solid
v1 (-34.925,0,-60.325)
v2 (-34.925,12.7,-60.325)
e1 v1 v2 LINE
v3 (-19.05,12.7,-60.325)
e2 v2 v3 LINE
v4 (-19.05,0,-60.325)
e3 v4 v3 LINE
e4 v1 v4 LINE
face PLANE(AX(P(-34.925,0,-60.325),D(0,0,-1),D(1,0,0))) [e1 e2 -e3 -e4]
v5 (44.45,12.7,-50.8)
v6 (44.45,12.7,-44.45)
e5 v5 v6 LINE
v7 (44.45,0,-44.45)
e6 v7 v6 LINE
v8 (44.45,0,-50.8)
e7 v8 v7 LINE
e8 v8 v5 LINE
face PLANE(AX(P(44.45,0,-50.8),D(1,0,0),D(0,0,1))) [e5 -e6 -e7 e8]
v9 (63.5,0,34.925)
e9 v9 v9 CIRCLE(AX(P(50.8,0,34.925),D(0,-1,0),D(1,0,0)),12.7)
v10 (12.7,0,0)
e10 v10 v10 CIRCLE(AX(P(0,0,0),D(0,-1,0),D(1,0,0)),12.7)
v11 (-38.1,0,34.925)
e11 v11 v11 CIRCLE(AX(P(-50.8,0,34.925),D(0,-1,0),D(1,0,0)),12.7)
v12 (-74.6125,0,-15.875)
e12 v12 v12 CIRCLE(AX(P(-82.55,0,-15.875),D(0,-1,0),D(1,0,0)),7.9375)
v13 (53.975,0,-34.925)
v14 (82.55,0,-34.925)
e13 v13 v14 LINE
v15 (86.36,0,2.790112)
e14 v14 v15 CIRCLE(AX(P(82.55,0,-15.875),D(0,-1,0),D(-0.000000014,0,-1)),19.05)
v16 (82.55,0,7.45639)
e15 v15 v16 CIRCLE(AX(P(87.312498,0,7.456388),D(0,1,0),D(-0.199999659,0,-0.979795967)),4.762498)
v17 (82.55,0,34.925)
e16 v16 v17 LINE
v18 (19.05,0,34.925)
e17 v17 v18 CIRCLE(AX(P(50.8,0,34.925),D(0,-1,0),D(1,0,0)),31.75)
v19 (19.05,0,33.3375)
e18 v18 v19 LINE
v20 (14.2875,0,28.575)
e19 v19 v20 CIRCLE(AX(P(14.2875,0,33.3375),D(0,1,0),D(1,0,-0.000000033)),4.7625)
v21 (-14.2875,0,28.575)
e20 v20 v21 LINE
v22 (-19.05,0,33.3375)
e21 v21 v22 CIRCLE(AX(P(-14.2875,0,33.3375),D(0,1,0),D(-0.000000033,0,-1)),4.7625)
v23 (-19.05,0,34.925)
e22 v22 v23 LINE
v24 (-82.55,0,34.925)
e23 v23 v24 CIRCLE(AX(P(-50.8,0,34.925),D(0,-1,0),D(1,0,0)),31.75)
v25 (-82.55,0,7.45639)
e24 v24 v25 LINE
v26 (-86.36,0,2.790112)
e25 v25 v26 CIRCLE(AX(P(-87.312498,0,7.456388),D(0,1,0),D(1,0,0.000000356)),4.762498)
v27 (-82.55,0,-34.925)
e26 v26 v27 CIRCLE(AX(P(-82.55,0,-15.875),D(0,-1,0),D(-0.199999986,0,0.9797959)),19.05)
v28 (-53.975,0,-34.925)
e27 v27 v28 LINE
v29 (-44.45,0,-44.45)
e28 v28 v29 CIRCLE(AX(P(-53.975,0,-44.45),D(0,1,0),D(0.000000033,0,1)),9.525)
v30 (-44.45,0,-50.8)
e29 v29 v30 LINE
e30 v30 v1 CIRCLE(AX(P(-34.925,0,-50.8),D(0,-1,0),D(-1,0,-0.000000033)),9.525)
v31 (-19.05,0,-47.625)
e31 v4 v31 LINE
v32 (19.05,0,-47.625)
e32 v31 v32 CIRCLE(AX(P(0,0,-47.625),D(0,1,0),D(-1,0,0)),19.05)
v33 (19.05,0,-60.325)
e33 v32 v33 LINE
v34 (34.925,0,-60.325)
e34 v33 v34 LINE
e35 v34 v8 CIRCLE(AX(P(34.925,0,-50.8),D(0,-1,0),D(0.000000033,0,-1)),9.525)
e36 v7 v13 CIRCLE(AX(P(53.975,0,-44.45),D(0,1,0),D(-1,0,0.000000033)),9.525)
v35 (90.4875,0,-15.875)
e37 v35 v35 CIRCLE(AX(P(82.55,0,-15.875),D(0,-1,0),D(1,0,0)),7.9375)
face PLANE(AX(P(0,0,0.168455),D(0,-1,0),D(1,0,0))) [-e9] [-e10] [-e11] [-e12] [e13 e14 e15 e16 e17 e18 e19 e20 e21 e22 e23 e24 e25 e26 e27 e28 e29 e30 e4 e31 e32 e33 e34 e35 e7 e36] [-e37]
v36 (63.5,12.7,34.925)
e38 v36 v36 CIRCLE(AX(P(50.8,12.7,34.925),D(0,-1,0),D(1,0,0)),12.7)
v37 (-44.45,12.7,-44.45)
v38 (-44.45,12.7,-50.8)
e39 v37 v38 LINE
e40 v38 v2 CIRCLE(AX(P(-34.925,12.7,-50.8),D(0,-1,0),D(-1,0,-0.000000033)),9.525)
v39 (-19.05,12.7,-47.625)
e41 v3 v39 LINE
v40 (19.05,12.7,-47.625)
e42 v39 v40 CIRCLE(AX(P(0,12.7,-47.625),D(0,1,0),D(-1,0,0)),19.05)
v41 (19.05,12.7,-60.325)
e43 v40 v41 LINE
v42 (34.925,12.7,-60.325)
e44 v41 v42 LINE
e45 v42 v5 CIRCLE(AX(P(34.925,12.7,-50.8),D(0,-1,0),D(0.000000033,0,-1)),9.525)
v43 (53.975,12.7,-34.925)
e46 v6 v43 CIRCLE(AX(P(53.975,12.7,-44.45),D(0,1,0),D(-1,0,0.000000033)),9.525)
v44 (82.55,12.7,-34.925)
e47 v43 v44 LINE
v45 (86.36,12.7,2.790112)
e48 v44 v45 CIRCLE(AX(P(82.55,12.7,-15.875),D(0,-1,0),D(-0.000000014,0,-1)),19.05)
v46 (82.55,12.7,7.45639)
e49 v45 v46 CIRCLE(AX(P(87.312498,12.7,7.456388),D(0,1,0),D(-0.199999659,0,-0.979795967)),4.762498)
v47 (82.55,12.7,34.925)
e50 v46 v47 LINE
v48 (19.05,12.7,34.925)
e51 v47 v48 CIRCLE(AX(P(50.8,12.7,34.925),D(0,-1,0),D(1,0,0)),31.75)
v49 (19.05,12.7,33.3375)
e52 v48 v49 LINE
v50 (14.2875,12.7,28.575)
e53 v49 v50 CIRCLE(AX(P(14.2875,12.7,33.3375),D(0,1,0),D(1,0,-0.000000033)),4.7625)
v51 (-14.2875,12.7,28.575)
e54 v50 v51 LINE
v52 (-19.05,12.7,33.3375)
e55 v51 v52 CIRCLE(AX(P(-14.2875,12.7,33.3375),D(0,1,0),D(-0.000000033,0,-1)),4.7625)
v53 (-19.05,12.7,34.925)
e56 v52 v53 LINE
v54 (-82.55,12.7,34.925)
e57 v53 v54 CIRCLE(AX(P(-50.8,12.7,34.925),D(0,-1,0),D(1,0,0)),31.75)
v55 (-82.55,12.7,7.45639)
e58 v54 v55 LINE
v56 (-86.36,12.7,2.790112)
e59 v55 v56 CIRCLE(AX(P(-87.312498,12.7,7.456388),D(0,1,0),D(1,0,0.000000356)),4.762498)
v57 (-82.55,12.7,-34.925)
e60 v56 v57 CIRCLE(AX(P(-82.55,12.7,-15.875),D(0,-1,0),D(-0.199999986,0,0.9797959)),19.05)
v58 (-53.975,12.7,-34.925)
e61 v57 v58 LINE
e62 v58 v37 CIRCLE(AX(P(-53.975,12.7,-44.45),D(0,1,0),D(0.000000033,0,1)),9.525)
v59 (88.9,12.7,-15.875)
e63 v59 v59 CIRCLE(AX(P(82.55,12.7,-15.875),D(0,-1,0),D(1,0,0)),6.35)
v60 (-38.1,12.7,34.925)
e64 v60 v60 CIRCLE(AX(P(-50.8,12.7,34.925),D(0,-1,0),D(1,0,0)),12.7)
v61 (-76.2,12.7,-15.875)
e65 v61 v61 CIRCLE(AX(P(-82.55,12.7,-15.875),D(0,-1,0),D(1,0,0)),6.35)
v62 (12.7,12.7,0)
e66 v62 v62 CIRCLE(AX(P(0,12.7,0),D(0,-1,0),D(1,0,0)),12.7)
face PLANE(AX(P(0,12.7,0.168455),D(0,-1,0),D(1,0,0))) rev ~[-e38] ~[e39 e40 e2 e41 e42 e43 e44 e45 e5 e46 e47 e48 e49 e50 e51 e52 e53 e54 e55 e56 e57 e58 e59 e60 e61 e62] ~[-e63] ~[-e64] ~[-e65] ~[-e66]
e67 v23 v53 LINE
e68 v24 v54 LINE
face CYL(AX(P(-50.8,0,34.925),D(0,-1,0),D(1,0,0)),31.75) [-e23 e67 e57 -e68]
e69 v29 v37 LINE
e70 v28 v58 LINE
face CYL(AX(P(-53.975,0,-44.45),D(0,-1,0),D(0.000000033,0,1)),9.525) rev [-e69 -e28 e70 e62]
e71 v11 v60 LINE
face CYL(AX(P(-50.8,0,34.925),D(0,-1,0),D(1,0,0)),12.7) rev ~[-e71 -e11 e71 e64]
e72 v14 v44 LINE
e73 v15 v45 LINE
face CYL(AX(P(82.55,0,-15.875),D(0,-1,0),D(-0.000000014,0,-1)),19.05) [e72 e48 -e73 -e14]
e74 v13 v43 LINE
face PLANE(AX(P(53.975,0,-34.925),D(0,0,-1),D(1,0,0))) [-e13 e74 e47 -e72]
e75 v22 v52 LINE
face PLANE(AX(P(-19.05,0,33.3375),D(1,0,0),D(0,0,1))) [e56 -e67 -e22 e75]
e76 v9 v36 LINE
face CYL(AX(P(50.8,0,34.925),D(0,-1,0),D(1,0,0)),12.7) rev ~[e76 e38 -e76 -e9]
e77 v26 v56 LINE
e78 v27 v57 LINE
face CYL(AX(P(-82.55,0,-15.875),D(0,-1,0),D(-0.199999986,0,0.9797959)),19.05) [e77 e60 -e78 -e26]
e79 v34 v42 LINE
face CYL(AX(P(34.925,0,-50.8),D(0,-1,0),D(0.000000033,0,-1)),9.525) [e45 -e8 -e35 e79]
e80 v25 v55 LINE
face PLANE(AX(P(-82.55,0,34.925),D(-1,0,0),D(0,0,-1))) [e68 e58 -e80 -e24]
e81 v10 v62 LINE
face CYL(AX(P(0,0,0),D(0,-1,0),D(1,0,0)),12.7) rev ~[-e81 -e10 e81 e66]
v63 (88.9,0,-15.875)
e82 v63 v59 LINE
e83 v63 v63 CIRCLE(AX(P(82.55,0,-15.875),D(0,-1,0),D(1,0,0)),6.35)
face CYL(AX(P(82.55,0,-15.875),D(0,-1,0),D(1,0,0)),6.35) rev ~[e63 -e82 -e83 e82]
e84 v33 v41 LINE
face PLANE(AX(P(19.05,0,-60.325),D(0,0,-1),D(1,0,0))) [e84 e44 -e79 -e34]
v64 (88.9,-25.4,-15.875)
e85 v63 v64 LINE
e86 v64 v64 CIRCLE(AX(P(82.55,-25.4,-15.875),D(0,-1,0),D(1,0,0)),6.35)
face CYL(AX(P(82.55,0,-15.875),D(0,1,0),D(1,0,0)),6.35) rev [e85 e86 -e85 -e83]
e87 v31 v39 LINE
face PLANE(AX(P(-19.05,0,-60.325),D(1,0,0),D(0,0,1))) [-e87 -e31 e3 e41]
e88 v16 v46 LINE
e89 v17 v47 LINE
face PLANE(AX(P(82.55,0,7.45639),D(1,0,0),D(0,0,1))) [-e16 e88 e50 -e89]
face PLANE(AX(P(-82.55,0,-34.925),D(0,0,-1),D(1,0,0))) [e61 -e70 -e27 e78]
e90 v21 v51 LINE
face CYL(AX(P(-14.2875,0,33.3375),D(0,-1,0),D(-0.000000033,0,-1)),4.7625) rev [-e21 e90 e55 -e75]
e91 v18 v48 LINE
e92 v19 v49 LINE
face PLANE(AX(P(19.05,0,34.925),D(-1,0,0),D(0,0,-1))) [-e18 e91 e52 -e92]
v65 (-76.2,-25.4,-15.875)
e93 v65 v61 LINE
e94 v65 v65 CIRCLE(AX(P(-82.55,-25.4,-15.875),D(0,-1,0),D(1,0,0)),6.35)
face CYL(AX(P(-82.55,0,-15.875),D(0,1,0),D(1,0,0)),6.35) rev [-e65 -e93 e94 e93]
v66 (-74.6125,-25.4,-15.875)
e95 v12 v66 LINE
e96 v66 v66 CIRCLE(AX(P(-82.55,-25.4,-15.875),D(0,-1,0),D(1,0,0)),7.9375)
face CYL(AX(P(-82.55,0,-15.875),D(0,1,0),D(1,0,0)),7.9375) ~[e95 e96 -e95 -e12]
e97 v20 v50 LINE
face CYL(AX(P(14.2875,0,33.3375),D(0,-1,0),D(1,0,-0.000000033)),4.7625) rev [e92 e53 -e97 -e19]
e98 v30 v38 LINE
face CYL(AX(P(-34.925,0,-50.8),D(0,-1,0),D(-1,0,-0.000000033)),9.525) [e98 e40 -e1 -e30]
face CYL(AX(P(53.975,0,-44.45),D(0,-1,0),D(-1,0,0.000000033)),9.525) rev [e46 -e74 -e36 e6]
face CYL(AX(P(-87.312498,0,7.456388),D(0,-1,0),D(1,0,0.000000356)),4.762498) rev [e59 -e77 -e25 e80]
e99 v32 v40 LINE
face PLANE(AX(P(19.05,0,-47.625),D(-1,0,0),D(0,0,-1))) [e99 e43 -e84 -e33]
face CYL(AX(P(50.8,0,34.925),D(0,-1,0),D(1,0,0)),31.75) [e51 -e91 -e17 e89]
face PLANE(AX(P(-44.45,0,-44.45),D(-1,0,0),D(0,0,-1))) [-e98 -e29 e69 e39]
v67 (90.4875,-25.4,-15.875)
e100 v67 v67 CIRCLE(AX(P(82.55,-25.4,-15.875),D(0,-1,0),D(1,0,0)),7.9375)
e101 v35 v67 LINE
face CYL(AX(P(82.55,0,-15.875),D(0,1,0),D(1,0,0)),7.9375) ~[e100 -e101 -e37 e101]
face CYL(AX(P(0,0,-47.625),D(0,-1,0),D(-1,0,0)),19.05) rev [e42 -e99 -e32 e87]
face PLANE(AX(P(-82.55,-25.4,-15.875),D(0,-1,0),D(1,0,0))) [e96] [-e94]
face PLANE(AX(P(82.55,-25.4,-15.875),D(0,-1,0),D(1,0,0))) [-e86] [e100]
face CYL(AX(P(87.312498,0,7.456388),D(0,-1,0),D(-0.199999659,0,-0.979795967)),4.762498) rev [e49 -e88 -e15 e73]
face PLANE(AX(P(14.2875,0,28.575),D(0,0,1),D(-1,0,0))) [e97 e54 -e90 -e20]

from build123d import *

# Parameters (mm, degrees)
F0_R     = 7.9375
F0_R_2   = 12.7
F0_R_3   = 6.35
F1_DEPTH = 12.7
F2_DEPTH = 25.4


with BuildPart() as f1:
    # F0 (on Front) → F1 (new body)
    with BuildSketch(Plane.XZ):
        with BuildLine():
            Line((14.2875, 28.575), (0, 28.575))
            Line((0, 28.575), (-14.2875, 28.575))
            ThreePointArc((-14.2875, 28.575), (-17.655096, 29.969904), (-19.05, 33.3375))
            Line((-19.05, 33.3375), (-19.05, 34.925))
            ThreePointArc((-19.05, 34.925), (-50.8, 66.675), (-82.55, 34.925))
            Line((-82.55, 34.925), (-82.55, 7.45639))
            ThreePointArc((-82.55, 7.45639), (-83.623483, 4.44432), (-86.36, 2.790112))
            ThreePointArc((-86.36, 2.790112), (-101.503534, -17.789696), (-82.55, -34.925))
            Line((-82.55, -34.925), (-53.975, -34.925))
            ThreePointArc((-53.975, -34.925), (-47.239808, -37.714808), (-44.45, -44.45))
            Line((-44.45, -44.45), (-44.45, -50.8))
            ThreePointArc((-44.45, -50.8), (-41.660192, -57.535192), (-34.925, -60.325))
            Line((-34.925, -60.325), (-19.05, -60.325))
            Line((-19.05, -60.325), (-19.05, -47.625))
            ThreePointArc((-19.05, -47.625), (0, -28.575), (19.05, -47.625))
            Line((19.05, -47.625), (19.05, -60.325))
            Line((19.05, -60.325), (34.925, -60.325))
            ThreePointArc((34.925, -60.325), (41.660192, -57.535192), (44.45, -50.8))
            Line((44.45, -50.8), (44.45, -44.45))
            ThreePointArc((44.45, -44.45), (47.239808, -37.714808), (53.975, -34.925))
            Line((53.975, -34.925), (82.55, -34.925))
            ThreePointArc((82.55, -34.925), (101.503534, -17.789696), (86.36, 2.790112))
            ThreePointArc((86.36, 2.790112), (83.623483, 4.44432), (82.55, 7.45639))
            Line((82.55, 7.45639), (82.55, 34.925))
            ThreePointArc((82.55, 34.925), (50.8, 66.675), (19.05, 34.925))
            Line((19.05, 34.925), (19.05, 33.3375))
            ThreePointArc((19.05, 33.3375), (17.655096, 29.969904), (14.2875, 28.575))
        make_face()
        with Locations((-82.55, -15.875)):
            Circle(F0_R, mode=Mode.SUBTRACT)
        Circle(F0_R_2, mode=Mode.SUBTRACT)
        with Locations((82.55, -15.875)):
            Circle(F0_R, mode=Mode.SUBTRACT)
        with Locations((-50.8, 34.925)):
            Circle(F0_R_2, mode=Mode.SUBTRACT)
        with Locations((50.8, 34.925)):
            Circle(F0_R_2, mode=Mode.SUBTRACT)
        with Locations((82.55, -15.875)):
            Circle(F0_R)
        with Locations((82.55, -15.875)):
            Circle(F0_R_3, mode=Mode.SUBTRACT)
        with Locations((-82.55, -15.875)):
            Circle(F0_R)
        with Locations((-82.55, -15.875)):
            Circle(F0_R_3, mode=Mode.SUBTRACT)
    extrude(amount=-F1_DEPTH)

    # F0 (on Front) → F2 (join)
    with BuildSketch(Plane.XZ):
        with Locations((-82.55, -15.875)):
            Circle(F0_R)
        with Locations((-82.55, -15.875)):
            Circle(F0_R_3, mode=Mode.SUBTRACT)
        with Locations((82.55, -15.875)):
            Circle(F0_R)
        with Locations((82.55, -15.875)):
            Circle(F0_R_3, mode=Mode.SUBTRACT)
    extrude(amount=F2_DEPTH)


solid = f1.part
